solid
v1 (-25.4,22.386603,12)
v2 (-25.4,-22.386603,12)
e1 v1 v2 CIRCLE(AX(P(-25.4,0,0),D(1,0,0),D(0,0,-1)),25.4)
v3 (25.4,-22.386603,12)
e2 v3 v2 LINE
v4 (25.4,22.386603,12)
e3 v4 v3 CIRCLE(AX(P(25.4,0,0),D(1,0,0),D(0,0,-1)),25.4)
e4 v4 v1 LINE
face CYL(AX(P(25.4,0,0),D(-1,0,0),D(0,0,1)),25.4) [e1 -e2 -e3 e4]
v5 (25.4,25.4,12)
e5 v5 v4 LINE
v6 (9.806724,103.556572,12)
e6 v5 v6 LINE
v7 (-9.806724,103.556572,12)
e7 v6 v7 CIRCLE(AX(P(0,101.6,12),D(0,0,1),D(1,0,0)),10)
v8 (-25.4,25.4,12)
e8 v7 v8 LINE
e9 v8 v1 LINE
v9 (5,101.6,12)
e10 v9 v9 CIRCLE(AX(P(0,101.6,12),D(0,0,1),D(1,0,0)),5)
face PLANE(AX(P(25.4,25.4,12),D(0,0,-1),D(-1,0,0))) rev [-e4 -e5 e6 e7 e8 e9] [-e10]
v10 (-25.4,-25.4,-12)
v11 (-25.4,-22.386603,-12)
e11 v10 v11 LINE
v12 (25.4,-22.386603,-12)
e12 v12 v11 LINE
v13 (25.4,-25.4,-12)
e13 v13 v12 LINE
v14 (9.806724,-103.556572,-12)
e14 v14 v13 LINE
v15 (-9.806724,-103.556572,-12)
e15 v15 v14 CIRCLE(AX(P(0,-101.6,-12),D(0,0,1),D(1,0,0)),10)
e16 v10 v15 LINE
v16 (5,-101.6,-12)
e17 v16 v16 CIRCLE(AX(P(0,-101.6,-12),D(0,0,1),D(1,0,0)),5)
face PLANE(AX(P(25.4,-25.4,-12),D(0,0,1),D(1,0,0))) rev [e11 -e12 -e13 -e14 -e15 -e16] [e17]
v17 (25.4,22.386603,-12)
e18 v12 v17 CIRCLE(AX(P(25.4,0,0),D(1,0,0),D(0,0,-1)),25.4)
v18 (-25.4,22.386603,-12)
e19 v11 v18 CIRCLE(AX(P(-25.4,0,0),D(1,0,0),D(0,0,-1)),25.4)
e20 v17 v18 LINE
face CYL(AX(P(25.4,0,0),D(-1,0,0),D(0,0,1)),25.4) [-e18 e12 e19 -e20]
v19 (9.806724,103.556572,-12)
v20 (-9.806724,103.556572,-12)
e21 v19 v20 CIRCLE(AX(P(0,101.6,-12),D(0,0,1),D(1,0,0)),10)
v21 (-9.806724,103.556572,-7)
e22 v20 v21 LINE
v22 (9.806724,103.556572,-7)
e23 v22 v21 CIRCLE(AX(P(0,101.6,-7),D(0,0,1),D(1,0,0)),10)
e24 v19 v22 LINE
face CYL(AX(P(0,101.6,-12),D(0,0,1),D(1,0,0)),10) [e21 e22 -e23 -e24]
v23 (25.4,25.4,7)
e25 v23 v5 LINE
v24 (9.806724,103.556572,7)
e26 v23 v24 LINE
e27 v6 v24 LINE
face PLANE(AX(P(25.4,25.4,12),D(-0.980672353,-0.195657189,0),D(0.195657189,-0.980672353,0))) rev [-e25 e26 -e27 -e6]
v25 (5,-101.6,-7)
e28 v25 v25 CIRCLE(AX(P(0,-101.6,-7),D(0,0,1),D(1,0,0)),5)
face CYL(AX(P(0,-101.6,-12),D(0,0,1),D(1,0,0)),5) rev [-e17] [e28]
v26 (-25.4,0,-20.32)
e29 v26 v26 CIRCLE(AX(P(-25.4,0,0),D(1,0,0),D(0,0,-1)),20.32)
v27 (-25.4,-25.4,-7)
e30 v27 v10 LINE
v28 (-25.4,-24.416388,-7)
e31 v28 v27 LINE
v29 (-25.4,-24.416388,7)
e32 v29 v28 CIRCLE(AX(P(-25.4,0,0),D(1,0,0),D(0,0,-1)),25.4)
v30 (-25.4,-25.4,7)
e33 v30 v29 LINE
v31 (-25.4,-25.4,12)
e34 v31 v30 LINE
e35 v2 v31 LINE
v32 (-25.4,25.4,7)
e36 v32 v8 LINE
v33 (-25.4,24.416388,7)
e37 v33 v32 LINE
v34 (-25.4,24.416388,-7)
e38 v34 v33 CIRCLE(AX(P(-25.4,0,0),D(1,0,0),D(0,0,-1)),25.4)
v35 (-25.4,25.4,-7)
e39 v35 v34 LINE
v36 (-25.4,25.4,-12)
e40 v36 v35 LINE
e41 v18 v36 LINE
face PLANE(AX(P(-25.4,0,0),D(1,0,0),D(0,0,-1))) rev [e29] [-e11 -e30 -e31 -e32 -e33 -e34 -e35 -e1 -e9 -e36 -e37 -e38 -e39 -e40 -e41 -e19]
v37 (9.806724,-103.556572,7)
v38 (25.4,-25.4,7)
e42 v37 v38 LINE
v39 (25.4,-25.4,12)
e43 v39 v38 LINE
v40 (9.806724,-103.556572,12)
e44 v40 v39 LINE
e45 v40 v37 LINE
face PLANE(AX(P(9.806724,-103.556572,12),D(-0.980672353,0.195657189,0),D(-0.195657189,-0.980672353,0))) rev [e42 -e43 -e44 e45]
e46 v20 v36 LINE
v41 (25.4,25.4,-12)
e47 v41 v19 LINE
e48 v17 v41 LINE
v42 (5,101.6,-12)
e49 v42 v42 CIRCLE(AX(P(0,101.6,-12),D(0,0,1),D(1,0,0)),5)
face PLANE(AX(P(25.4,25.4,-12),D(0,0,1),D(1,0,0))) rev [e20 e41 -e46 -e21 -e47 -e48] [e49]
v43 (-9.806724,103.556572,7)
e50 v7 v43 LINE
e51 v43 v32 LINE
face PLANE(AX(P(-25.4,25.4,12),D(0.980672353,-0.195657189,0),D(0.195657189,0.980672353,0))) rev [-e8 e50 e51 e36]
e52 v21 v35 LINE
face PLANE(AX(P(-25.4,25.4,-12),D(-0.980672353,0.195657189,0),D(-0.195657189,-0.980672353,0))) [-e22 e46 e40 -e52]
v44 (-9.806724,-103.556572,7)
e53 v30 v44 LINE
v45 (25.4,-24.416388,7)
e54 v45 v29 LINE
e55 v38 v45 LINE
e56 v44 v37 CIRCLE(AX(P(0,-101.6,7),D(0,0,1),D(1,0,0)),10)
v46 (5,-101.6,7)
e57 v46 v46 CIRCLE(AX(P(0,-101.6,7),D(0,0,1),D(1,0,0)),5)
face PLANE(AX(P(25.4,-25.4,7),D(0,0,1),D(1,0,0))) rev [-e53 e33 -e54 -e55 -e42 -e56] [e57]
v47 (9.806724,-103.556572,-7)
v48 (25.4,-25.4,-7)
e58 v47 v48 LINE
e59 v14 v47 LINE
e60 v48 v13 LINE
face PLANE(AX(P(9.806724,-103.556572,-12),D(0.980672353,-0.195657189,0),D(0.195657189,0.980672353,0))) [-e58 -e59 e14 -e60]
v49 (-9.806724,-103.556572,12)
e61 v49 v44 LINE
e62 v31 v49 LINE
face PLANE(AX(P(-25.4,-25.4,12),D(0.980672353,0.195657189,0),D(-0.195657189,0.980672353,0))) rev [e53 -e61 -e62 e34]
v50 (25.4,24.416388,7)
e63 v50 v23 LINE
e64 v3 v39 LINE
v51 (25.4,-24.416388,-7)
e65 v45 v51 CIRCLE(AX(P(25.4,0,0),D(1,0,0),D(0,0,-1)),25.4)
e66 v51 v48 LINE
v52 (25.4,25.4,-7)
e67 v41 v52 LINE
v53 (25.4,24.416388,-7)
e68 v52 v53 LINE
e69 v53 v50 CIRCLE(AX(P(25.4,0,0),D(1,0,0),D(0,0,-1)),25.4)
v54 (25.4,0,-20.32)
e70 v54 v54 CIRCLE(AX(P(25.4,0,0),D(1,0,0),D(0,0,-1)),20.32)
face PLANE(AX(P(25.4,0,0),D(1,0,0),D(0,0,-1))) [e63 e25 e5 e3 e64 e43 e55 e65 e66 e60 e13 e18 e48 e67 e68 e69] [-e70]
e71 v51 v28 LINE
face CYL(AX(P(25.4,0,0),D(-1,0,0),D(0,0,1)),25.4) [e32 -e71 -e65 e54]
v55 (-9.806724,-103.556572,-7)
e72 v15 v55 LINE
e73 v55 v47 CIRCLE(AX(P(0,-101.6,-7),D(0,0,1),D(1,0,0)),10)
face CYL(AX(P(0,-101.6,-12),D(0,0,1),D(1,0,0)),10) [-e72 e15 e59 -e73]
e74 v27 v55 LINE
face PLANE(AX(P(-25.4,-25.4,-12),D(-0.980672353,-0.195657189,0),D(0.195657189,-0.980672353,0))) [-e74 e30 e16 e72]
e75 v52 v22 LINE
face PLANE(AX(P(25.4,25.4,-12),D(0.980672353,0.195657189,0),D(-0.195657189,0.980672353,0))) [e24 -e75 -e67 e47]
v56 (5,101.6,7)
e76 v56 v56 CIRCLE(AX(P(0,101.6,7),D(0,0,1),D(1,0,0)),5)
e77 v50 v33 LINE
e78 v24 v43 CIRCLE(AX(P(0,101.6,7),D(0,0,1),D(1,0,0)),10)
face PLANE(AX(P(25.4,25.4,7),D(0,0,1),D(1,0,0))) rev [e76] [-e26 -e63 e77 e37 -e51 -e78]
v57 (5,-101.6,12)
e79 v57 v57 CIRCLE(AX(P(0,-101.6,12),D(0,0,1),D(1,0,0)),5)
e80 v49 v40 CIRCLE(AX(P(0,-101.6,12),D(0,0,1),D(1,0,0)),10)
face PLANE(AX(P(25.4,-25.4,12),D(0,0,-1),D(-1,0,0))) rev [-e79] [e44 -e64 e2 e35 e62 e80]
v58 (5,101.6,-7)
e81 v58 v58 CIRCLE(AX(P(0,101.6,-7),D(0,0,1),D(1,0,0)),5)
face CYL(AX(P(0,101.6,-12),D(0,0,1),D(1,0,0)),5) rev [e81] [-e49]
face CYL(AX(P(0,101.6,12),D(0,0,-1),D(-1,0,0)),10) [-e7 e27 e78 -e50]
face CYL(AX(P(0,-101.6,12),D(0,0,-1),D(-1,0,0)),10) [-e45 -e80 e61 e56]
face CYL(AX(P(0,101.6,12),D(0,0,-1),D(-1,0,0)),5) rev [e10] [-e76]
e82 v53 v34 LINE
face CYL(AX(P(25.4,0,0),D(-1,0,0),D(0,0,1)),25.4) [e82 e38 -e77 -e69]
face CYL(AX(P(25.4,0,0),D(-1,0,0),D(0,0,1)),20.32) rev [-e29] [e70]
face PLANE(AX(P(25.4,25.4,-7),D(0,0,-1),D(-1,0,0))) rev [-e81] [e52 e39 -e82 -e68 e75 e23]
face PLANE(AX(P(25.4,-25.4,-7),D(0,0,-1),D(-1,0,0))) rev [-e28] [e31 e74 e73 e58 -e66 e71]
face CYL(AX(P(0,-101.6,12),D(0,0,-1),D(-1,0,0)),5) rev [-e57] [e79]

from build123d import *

# Parameters (mm, degrees)
SKETCH3_R             = 25.4
SKETCH3_R_2           = 20.32
BOSS_EXTRUDE1_DEPTH   = 25.4
BOSS_EXTRUDE3_START   = 7
SKETCH4_R             = 5
BOSS_EXTRUDE3_DEPTH   = 5
BOSS_EXTRUDE3_2_DEPTH = 5
BOSS_EXTRUDE4_START   = -7
SKETCH4_2_R           = 5
BOSS_EXTRUDE4_DEPTH   = 5
BOSS_EXTRUDE4_2_DEPTH = 5
BOSS_EXTRUDE5_DEPTH   = 25.4


with BuildPart() as part:
    # Sketch3 → Boss-Extrude1 (new, symmetric)
    with BuildSketch(Plane(origin=(0, 0, 0), x_dir=(0, 0, -1), z_dir=(1, 0, 0))):
        Circle(SKETCH3_R)
        Circle(SKETCH3_R_2, mode=Mode.SUBTRACT)
    extrude(amount=BOSS_EXTRUDE1_DEPTH, both=True)



with BuildPart() as body_2:
    # Sketch4 → Boss-Extrude3 (new body)
    with BuildSketch(Plane.XY.offset(BOSS_EXTRUDE3_START)):
        with BuildLine():
            Line((-25.4, 25.4), (-9.806723533, 103.556571886))
            ThreePointArc((-9.806723533, 103.556571886), (0, 111.6), (9.806723533, 103.556571886))
            Line((9.806723533, 103.556571886), (25.4, 25.4))
            Line((25.4, 25.4), (-25.4, 25.4))
        make_face()
        with Locations((0, 101.6)):
            Circle(SKETCH4_R, mode=Mode.SUBTRACT)
    extrude(amount=BOSS_EXTRUDE3_DEPTH)


with BuildPart() as body_3:
    # Sketch4 → Boss-Extrude3 2 (new body)
    with BuildSketch(Plane.XY.offset(BOSS_EXTRUDE3_START)):
        with BuildLine():
            Line((-25.4, -25.4), (-9.806723533, -103.556571886))
            ThreePointArc((-9.806723533, -103.556571886), (0, -111.6), (9.806723533, -103.556571886))
            Line((9.806723533, -103.556571886), (25.4, -25.4))
            Line((25.4, -25.4), (-25.4, -25.4))
        make_face()
        with Locations((0, -101.6)):
            Circle(SKETCH4_R, mode=Mode.SUBTRACT)
    extrude(amount=BOSS_EXTRUDE3_2_DEPTH)


with BuildPart() as body_4:
    # Sketch4<2> → Boss-Extrude4 (new body)
    with BuildSketch(Plane.XY.offset(BOSS_EXTRUDE4_START)):
        with BuildLine():
            Line((-25.4, 25.4), (-9.806723533, 103.556571886))
            ThreePointArc((-9.806723533, 103.556571886), (0, 111.6), (9.806723533, 103.556571886))
            Line((9.806723533, 103.556571886), (25.4, 25.4))
            Line((25.4, 25.4), (-25.4, 25.4))
        make_face()
        with Locations((0, 101.6)):
            Circle(SKETCH4_2_R, mode=Mode.SUBTRACT)
    extrude(amount=-BOSS_EXTRUDE4_DEPTH)


with BuildPart() as body_5:
    # Sketch4<2> → Boss-Extrude4 2 (new body)
    with BuildSketch(Plane.XY.offset(BOSS_EXTRUDE4_START)):
        with BuildLine():
            Line((-25.4, -25.4), (-9.806723533, -103.556571886))
            ThreePointArc((-9.806723533, -103.556571886), (0, -111.6), (9.806723533, -103.556571886))
            Line((9.806723533, -103.556571886), (25.4, -25.4))
            Line((25.4, -25.4), (-25.4, -25.4))
        make_face()
        with Locations((0, -101.6)):
            Circle(SKETCH4_2_R, mode=Mode.SUBTRACT)
    extrude(amount=-BOSS_EXTRUDE4_2_DEPTH)


with BuildPart() as part_1:
    add(part.part)

    add(body_2.part)  # Boss-Extrude5 merges body 2

    add(body_3.part)  # Boss-Extrude5 merges body 3

    add(body_4.part)  # Boss-Extrude5 merges body 4

    add(body_5.part)  # Boss-Extrude5 merges body 5
    # Sketch5 → Boss-Extrude5 (add, symmetric)
    with BuildSketch(Plane(origin=(0, 0, 0), x_dir=(0, 0, -1), z_dir=(1, 0, 0))):
        with BuildLine():
            Line((12, -25.4), (7, -25.4))
            Line((7, -25.4), (7, -24.416387939))
            ThreePointArc((7, -24.416387939), (9.554057075, -23.534655158), (12, -22.386603137))
            Line((12, -22.386603137), (12, -25.4))
        make_face()
        with BuildLine():
            Line((-12, -25.4), (-7, -25.4))
            Line((-7, -25.4), (-7, -24.416387939))
            ThreePointArc((-7, -24.416387939), (-9.554057075, -23.534655158), (-12, -22.386603137))
            Line((-12, -22.386603137), (-12, -25.4))
        make_face()
        with BuildLine():
            Line((12, 25.4), (7, 25.4))
            Line((7, 25.4), (7, 24.416387939))
            ThreePointArc((7, 24.416387939), (9.554057075, 23.534655158), (12, 22.386603137))
            Line((12, 22.386603137), (12, 25.4))
        make_face()
        with BuildLine():
            Line((-12, 25.4), (-7, 25.4))
            Line((-7, 25.4), (-7, 24.416387939))
            ThreePointArc((-7, 24.416387939), (-9.554057075, 23.534655158), (-12, 22.386603137))
            Line((-12, 22.386603137), (-12, 25.4))
        make_face()
    extrude(amount=BOSS_EXTRUDE5_DEPTH, both=True)


solid = part_1.part
